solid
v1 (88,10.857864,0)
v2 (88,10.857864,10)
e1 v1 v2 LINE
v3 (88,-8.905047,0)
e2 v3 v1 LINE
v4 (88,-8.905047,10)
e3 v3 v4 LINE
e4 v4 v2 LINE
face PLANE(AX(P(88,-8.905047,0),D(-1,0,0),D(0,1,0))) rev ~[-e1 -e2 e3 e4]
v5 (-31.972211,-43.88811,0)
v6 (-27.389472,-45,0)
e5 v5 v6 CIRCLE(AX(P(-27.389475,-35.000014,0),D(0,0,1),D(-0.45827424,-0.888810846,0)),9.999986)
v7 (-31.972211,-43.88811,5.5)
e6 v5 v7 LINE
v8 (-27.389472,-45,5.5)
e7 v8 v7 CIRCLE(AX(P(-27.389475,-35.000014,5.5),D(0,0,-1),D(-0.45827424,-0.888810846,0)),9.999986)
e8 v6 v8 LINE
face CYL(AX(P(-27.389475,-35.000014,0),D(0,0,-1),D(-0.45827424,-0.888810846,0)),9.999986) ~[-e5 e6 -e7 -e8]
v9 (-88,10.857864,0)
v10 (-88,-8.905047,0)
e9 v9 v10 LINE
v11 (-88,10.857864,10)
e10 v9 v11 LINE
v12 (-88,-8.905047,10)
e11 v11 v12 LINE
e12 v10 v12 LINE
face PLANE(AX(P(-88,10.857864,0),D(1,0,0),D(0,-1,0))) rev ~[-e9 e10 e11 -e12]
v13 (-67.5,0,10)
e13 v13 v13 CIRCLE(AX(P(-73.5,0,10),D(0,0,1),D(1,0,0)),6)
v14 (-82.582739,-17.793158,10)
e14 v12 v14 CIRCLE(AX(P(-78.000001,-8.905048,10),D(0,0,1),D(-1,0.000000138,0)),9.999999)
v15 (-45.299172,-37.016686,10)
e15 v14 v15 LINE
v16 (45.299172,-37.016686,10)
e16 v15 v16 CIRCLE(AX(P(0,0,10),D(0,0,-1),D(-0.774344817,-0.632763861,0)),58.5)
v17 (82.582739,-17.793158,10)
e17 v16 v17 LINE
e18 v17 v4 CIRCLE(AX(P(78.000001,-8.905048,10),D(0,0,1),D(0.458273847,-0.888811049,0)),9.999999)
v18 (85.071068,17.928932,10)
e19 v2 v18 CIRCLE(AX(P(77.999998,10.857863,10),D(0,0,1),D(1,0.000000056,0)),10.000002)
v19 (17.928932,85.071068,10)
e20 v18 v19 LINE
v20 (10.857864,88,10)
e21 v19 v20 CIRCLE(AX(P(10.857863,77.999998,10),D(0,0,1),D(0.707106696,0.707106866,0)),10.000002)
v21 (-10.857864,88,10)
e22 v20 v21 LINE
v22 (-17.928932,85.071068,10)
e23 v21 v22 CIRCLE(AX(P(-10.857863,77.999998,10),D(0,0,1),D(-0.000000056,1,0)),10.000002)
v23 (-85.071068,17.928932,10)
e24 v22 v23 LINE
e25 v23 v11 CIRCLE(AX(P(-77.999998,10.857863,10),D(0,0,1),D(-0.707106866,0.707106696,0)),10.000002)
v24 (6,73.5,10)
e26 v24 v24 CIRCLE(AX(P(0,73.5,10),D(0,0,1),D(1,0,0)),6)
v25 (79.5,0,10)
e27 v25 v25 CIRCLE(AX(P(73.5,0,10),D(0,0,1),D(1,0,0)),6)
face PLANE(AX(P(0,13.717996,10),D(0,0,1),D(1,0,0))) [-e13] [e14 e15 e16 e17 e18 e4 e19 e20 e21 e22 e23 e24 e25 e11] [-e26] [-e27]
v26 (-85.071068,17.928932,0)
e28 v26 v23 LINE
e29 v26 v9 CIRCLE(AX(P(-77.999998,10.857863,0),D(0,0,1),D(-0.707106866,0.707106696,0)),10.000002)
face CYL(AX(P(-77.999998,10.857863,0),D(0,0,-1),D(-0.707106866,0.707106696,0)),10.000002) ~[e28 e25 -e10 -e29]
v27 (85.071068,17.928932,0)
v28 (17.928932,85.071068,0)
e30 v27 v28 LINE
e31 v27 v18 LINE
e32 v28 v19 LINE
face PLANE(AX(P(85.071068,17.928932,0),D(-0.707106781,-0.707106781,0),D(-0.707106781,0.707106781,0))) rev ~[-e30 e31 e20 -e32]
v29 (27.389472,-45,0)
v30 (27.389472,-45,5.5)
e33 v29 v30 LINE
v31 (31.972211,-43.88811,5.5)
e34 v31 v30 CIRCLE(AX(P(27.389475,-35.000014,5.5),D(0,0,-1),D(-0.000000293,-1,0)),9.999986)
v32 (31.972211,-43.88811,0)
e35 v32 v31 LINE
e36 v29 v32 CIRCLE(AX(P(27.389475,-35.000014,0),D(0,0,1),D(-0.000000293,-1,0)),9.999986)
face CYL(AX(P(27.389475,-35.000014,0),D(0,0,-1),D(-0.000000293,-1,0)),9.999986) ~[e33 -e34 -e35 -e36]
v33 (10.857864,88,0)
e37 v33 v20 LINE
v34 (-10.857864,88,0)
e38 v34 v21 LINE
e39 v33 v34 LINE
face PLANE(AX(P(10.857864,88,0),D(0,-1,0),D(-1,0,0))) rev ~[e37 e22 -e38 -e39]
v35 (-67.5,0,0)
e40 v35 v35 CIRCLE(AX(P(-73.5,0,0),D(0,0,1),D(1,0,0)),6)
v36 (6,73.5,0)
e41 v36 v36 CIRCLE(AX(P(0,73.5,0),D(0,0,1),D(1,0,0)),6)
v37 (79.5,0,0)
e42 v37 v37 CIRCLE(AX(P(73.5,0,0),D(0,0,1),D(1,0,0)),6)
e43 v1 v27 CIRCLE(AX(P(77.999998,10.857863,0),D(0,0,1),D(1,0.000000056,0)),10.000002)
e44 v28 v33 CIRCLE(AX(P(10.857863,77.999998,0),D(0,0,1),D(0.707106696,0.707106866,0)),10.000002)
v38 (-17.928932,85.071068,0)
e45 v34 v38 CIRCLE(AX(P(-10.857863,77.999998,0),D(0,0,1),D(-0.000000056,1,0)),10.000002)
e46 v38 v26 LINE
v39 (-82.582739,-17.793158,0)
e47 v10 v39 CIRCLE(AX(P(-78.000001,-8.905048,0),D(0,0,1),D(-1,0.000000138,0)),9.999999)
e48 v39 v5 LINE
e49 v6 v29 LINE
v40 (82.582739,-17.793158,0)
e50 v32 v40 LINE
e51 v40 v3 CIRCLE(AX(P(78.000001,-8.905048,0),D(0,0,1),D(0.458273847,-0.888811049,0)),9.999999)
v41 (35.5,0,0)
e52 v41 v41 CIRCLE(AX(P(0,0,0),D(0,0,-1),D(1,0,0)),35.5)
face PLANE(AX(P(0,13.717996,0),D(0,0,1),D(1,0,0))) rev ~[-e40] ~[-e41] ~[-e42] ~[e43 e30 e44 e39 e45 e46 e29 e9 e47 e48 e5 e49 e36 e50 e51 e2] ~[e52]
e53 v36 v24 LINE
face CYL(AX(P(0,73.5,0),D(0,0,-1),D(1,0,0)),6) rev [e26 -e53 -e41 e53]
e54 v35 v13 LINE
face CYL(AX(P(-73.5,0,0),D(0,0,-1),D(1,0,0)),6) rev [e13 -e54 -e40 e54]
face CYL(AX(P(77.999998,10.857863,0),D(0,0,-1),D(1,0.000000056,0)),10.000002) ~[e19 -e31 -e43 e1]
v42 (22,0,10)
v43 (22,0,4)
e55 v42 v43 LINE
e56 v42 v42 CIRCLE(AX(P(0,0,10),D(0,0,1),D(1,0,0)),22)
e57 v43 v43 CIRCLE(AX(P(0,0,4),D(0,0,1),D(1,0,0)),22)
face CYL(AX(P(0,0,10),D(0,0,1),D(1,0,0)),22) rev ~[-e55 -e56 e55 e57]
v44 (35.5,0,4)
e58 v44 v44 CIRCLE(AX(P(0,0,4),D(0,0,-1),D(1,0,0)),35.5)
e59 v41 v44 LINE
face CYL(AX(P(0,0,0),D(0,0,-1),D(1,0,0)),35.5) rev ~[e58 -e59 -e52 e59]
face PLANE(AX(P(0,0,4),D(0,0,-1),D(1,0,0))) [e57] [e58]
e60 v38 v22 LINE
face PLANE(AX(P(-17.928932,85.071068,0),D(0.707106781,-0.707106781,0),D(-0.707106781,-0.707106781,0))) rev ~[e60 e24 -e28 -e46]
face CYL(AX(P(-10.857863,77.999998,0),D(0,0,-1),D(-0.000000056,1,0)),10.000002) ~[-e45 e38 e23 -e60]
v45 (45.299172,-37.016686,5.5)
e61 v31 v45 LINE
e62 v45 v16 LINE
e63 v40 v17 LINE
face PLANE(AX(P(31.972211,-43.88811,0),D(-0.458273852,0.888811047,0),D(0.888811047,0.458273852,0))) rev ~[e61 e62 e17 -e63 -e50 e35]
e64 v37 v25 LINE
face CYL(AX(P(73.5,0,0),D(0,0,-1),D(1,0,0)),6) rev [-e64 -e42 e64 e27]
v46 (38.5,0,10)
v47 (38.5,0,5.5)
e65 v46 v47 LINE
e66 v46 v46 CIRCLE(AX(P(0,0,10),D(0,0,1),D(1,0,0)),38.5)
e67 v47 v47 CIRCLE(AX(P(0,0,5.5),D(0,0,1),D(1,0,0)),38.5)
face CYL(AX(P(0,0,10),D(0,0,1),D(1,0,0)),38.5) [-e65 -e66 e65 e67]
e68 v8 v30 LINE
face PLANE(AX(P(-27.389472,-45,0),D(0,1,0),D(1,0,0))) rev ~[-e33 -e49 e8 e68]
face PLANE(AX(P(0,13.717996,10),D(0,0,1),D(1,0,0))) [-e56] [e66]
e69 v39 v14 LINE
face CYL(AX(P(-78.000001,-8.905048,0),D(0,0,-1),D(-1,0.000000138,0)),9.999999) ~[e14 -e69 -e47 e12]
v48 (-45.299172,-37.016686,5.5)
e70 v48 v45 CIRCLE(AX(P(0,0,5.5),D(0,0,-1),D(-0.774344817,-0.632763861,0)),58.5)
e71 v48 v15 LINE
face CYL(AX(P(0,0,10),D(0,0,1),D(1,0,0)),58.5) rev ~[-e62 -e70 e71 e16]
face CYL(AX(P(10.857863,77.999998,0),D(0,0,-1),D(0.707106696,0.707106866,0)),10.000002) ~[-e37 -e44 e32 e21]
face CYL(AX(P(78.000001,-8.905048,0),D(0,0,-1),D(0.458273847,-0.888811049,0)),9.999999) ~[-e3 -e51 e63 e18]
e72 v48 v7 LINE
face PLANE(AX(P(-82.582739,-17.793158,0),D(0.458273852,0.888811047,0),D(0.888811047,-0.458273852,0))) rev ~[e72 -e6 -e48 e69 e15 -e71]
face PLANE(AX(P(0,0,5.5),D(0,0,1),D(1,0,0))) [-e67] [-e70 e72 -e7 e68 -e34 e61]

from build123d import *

# Parameters (mm, degrees)
F0_R     = 6
F1_DEPTH = 10
F2_R     = 35.5
F3_DEPTH = 4
F4_R     = 58.5
F4_R_2   = 38.5
F5_DEPTH = 4.5
F6_R     = 22
F7_DEPTH = 10.001


with BuildPart() as f1:
    # F0 (on Top) → F1 (new body)
    with BuildSketch(Plane.XY):
        with BuildLine():
            ThreePointArc((-85.071068, 17.928932), (-87.238795, 14.684699), (-88, 10.857864))
            Line((-88, 10.857864), (-88, -8.905047))
            ThreePointArc((-88, -8.905047), (-86.538952, -14.109498), (-82.582739, -17.793158))
            Line((-82.582739, -17.793158), (-31.972211, -43.88811))
            ThreePointArc((-31.972211, -43.88811), (-29.747321, -44.718053), (-27.389472, -45))
            Line((-27.389472, -45), (0, -45))
            Line((0, -45), (27.389472, -45))
            ThreePointArc((27.389472, -45), (29.747321, -44.718053), (31.972211, -43.88811))
            Line((31.972211, -43.88811), (82.582739, -17.793158))
            ThreePointArc((82.582739, -17.793158), (86.538952, -14.109498), (88, -8.905047))
            Line((88, -8.905047), (88, 10.857864))
            ThreePointArc((88, 10.857864), (87.238795, 14.684699), (85.071068, 17.928932))
            Line((85.071068, 17.928932), (17.928932, 85.071068))
            ThreePointArc((17.928932, 85.071068), (14.684699, 87.238795), (10.857864, 88))
            Line((10.857864, 88), (-10.857864, 88))
            ThreePointArc((-10.857864, 88), (-14.684699, 87.238795), (-17.928932, 85.071068))
            Line((-17.928932, 85.071068), (-85.071068, 17.928932))
        make_face()
        with Locations((-73.5, 0)):
            Circle(F0_R, mode=Mode.SUBTRACT)
        with Locations((73.5, 0)):
            Circle(F0_R, mode=Mode.SUBTRACT)
        with Locations((0, 73.5)):
            Circle(F0_R, mode=Mode.SUBTRACT)
    extrude(amount=F1_DEPTH)

    # F2 (on face) → F3 (cut)
    with BuildSketch(Plane(origin=(0, 0, 0), x_dir=(1, 0, 0), z_dir=(0, 0, -1))):
        Circle(F2_R)
    extrude(amount=-F3_DEPTH, mode=Mode.SUBTRACT)

    # F4 (on face) → F5 (cut)
    with BuildSketch(Plane.XY.offset(10)):
        Circle(F4_R)
        Circle(F4_R_2, mode=Mode.SUBTRACT)
    extrude(amount=-F5_DEPTH, mode=Mode.SUBTRACT)

    # F6 (on face) → F7 (cut, through all)
    with BuildSketch(Plane.XY.offset(10)):
        Circle(F6_R)
    extrude(amount=-F7_DEPTH, mode=Mode.SUBTRACT)


solid = f1.part
